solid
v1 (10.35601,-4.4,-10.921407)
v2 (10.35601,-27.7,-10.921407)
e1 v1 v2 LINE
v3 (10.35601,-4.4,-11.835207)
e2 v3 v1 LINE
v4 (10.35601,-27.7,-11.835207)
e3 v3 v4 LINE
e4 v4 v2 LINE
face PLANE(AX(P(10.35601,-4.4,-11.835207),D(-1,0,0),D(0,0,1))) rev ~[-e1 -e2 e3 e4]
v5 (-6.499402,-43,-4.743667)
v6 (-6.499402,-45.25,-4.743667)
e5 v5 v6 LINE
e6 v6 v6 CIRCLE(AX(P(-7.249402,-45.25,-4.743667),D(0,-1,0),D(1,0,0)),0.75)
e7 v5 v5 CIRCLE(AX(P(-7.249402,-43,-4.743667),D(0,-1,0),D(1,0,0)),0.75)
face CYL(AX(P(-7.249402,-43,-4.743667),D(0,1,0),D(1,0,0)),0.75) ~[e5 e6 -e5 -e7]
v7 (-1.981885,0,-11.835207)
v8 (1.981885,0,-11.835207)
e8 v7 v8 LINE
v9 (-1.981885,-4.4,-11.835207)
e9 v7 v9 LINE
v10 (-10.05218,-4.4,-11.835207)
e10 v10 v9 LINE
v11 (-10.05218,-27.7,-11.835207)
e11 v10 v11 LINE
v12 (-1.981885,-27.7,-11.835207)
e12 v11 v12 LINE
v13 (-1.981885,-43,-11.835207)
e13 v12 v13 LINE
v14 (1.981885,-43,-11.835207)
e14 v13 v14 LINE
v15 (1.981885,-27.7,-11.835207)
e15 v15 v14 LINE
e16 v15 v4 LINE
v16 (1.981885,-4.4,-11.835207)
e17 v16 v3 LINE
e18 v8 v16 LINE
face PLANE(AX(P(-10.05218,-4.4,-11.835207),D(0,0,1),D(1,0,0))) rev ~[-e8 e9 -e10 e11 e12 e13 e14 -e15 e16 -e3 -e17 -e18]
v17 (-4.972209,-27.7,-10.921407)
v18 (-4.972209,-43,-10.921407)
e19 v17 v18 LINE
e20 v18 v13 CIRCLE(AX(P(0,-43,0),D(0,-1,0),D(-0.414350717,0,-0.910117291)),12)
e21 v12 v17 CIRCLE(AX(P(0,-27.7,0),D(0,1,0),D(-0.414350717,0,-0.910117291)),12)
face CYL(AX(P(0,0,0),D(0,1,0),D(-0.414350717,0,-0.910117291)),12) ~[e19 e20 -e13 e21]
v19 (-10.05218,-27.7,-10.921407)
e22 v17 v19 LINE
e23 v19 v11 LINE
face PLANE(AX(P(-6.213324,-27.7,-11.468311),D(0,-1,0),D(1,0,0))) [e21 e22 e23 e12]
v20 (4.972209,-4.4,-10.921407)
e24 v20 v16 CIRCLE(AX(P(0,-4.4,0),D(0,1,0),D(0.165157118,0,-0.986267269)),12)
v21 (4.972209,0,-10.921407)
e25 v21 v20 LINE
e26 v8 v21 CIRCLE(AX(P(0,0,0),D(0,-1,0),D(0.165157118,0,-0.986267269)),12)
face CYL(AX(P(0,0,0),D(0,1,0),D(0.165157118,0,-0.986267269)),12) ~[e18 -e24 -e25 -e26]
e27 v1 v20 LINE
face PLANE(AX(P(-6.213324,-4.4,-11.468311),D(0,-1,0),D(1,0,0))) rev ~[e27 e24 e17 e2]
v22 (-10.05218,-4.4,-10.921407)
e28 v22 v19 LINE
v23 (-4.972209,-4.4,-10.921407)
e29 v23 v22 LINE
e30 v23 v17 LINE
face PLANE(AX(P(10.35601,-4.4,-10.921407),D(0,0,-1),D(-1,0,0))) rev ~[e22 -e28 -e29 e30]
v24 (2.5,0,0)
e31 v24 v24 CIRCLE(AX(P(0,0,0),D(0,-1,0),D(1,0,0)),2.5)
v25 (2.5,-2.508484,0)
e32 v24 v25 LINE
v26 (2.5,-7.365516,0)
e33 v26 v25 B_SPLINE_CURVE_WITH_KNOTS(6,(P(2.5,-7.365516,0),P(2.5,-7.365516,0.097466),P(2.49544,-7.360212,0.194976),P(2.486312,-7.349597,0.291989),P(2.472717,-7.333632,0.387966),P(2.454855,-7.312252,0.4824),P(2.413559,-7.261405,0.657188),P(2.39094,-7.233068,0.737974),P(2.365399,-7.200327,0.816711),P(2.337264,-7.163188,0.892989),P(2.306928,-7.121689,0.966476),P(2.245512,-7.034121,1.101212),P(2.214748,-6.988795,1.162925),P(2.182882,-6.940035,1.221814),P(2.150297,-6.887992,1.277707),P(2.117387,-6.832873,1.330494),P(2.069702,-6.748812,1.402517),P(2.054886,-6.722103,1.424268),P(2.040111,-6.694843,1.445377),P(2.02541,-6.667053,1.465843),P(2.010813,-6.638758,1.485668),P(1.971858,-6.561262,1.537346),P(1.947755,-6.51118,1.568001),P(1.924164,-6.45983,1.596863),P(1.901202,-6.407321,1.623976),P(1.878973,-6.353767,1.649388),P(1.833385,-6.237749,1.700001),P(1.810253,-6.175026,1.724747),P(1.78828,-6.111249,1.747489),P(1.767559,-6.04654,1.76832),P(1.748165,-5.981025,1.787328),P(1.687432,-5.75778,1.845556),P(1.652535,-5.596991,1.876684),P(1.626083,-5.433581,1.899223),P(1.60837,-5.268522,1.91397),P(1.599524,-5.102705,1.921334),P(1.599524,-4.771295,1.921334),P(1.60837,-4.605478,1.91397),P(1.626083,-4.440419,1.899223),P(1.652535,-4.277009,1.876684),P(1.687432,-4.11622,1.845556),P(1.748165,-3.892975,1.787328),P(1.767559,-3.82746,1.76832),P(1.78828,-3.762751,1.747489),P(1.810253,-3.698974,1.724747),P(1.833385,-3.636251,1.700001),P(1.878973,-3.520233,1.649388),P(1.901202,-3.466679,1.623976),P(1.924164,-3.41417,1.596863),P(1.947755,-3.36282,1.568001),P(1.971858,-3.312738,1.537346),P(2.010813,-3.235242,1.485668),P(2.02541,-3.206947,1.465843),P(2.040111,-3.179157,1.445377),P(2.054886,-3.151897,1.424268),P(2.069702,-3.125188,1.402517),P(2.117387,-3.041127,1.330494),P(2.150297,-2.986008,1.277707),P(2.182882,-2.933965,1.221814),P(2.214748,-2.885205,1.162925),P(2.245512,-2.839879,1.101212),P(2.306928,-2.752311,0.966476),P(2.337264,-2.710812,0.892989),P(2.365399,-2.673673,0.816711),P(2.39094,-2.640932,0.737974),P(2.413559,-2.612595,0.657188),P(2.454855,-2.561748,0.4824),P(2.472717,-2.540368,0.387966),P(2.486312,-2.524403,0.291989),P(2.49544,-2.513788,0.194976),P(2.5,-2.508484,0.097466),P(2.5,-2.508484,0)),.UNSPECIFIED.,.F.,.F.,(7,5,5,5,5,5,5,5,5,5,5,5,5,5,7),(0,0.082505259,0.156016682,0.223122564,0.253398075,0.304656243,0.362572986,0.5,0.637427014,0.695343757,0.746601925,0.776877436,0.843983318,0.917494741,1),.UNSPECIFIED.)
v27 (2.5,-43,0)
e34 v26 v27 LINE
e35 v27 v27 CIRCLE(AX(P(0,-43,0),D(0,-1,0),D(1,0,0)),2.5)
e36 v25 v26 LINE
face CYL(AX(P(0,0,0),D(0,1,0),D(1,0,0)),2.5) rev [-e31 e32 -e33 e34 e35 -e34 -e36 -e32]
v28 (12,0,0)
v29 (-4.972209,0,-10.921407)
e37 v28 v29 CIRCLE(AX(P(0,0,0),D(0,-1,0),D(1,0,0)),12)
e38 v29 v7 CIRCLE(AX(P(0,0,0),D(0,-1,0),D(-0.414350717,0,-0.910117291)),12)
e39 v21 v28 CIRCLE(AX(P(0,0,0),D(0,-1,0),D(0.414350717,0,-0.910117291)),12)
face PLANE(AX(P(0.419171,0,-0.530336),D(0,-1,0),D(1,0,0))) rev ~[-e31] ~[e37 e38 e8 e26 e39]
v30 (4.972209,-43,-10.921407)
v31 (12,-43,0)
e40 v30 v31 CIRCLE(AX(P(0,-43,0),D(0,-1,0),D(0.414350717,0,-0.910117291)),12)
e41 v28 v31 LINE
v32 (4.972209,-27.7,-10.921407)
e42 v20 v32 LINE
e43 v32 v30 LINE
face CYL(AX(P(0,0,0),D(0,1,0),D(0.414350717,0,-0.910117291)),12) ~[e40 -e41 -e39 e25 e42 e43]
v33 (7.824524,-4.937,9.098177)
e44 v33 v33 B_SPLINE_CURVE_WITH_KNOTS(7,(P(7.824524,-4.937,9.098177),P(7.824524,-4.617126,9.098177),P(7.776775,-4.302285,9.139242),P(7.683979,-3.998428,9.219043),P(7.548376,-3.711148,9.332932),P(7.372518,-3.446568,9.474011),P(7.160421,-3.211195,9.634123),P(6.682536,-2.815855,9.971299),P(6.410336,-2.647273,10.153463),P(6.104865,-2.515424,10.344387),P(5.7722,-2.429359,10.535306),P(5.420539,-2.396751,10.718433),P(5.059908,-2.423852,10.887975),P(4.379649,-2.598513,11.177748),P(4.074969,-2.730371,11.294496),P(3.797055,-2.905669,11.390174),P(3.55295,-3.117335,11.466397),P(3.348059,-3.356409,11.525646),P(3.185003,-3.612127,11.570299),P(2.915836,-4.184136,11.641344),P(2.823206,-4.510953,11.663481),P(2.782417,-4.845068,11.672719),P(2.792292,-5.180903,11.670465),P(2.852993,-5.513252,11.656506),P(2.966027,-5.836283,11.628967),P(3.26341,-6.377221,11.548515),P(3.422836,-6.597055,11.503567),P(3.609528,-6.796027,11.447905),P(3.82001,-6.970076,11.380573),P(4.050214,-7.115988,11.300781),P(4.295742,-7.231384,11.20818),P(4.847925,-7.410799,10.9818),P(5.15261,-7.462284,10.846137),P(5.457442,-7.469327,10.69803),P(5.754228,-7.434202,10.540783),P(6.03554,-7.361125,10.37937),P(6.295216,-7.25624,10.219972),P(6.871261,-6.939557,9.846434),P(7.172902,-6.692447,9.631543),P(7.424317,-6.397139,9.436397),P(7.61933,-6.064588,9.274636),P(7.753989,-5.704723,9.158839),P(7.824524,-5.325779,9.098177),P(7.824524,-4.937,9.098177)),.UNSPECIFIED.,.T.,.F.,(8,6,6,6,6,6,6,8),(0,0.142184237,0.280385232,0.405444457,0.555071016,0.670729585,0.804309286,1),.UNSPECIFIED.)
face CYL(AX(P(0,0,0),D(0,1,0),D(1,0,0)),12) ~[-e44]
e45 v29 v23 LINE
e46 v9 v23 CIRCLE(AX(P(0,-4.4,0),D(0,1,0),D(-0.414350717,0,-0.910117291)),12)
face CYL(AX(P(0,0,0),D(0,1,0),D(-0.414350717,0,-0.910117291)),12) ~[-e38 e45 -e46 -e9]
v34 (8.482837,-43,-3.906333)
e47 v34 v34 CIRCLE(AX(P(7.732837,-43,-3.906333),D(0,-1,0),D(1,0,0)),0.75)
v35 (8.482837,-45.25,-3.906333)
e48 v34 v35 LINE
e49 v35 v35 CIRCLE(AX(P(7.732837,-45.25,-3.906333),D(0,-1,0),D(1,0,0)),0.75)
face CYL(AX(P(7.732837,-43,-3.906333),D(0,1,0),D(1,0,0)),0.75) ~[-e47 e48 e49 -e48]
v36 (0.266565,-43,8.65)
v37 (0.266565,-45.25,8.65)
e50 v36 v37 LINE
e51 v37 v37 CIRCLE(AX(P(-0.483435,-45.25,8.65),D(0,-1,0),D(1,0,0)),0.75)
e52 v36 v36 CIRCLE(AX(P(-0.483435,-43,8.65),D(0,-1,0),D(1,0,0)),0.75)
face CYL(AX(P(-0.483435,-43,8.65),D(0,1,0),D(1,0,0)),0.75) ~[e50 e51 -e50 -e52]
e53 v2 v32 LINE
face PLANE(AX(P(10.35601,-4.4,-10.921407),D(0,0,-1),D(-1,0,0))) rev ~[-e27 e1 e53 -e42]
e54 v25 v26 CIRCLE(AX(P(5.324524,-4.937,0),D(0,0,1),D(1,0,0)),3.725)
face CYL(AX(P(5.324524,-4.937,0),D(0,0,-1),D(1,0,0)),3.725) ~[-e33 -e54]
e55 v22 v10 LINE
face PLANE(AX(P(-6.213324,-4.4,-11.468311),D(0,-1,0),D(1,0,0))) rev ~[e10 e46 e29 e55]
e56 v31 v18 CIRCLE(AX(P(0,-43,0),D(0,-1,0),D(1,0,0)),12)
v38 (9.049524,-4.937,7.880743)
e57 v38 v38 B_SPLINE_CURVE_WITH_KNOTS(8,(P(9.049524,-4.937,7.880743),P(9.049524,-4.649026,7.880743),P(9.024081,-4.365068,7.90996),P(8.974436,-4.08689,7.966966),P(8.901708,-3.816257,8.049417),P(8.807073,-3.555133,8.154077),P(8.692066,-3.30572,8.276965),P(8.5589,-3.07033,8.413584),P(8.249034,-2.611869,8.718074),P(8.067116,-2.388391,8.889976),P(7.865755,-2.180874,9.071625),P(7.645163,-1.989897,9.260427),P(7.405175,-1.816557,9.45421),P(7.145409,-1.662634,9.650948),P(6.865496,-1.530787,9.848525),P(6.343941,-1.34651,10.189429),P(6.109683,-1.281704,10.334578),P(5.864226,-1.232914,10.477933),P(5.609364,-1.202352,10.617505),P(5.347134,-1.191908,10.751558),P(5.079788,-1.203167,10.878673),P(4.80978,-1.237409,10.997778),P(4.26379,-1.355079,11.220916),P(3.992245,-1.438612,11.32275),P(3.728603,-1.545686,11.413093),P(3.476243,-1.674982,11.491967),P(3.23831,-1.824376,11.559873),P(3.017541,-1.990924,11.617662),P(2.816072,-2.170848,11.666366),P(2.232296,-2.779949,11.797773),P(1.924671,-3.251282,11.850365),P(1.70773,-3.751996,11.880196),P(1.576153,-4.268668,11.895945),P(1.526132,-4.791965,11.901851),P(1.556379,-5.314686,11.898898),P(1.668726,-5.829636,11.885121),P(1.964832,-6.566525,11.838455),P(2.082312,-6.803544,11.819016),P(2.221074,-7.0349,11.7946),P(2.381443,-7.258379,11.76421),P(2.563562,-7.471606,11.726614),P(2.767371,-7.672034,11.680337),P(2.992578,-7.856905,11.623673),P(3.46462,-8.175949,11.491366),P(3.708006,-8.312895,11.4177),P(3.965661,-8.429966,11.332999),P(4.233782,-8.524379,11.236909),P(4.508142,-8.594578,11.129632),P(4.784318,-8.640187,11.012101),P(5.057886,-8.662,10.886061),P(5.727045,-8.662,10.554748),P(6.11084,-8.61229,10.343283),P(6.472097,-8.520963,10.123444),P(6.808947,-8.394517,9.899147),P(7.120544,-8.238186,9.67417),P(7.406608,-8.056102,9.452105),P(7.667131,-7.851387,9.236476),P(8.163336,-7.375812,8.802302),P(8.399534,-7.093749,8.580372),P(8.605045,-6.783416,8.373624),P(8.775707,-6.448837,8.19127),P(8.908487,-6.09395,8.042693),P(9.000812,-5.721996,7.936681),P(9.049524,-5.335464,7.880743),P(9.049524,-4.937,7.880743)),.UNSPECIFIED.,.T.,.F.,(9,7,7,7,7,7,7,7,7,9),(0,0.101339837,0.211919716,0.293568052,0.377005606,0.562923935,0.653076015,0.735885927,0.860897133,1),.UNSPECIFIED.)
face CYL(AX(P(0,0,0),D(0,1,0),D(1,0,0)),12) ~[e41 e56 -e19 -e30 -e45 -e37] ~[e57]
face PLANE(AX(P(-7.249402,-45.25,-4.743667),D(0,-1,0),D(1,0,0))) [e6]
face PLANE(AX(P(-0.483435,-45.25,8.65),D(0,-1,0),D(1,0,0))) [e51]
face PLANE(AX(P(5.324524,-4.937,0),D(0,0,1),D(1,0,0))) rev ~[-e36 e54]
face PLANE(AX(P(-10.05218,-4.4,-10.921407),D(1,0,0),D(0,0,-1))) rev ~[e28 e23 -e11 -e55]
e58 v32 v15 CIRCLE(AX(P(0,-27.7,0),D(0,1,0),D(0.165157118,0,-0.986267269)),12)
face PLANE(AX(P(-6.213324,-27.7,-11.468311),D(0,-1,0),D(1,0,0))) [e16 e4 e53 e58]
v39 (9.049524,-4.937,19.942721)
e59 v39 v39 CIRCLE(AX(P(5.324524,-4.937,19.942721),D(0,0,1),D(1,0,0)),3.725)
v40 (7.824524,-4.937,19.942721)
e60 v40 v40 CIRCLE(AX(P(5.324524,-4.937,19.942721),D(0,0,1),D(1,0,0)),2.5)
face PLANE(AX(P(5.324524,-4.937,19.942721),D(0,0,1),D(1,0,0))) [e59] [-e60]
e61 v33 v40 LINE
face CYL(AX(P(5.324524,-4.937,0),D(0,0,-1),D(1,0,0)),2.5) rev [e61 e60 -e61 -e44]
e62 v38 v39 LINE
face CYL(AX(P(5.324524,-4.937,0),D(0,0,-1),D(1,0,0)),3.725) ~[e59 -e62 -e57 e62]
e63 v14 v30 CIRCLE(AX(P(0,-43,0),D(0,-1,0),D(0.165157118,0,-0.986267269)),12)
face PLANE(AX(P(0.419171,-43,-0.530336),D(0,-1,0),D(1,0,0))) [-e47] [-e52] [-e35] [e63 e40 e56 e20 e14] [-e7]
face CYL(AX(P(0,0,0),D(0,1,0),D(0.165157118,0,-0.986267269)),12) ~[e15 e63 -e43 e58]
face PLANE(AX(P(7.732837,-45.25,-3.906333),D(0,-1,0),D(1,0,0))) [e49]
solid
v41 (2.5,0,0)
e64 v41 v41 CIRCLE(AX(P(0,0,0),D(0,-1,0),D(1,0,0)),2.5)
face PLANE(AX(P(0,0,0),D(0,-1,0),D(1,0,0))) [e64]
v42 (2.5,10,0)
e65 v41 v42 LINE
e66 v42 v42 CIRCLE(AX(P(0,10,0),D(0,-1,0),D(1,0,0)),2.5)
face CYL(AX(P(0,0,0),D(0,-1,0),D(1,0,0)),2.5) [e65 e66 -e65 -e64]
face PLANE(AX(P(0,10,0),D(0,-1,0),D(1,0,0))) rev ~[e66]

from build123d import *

# Parameters (mm, degrees)
F1_R     = 2.5
F2_DEPTH = 43
F3_START = 4.4
F3_DEPTH = 23.3
F4_R     = 3.725
F4_R_2   = 2.5
F5_DEPTH = 19.942721352
F6_R     = 0.75
F7_DEPTH = 2.25
F8_DEPTH = 10


with BuildPart() as f2:
    # F1 (on Front) → F2 (new body)
    with BuildSketch(Plane.XZ):
        with BuildLine():
            ThreePointArc((4.9722086055, -10.921407491), (10.0912462874, -6.4935928705), (12, 0))
            ThreePointArc((12, 0), (-6.4935928705, 10.0912462874), (-4.9722086055, -10.921407491))
            Line((-4.9722086055, -10.921407491), (4.9722086055, -10.921407491))
        make_face()
        Circle(F1_R, mode=Mode.SUBTRACT)
        with BuildLine():
            Line((4.9722086055, -10.921407491), (-4.9722086055, -10.921407491))
            ThreePointArc((-4.9722086055, -10.921407491), (-3.5069378946, -11.4761224551), (-1.9818854132, -11.8352072313))
            Line((-1.9818854132, -11.8352072313), (1.9818854132, -11.8352072313))
            ThreePointArc((1.9818854132, -11.8352072313), (3.5069378946, -11.4761224551), (4.9722086055, -10.921407491))
        make_face()
    extrude(amount=F2_DEPTH)

    # F1 (on Front) → F3 (join)
    with BuildSketch(Plane.XZ.offset(F3_START)):
        with BuildLine():
            ThreePointArc((-1.9818854132, -11.8352072313), (-3.5069378946, -11.4761224551), (-4.9722086055, -10.921407491))
            Line((-4.9722086055, -10.921407491), (-10.0521799177, -10.921407491))
            Line((-10.0521799177, -10.921407491), (-10.0521799177, -11.8352072313))
            Line((-10.0521799177, -11.8352072313), (-1.9818854132, -11.8352072313))
        make_face()
        with BuildLine():
            Line((10.3560099378, -10.921407491), (4.9722086055, -10.921407491))
            ThreePointArc((4.9722086055, -10.921407491), (3.5069378946, -11.4761224551), (1.9818854132, -11.8352072313))
            Line((1.9818854132, -11.8352072313), (10.3560099378, -11.8352072313))
            Line((10.3560099378, -11.8352072313), (10.3560099378, -10.921407491))
        make_face()
        with BuildLine():
            Line((4.9722086055, -10.921407491), (-4.9722086055, -10.921407491))
            ThreePointArc((-4.9722086055, -10.921407491), (-3.5069378946, -11.4761224551), (-1.9818854132, -11.8352072313))
            Line((-1.9818854132, -11.8352072313), (1.9818854132, -11.8352072313))
            ThreePointArc((1.9818854132, -11.8352072313), (3.5069378946, -11.4761224551), (4.9722086055, -10.921407491))
        make_face()
    extrude(amount=F3_DEPTH)

    # F4 (on Top) → F5 (join, through all)
    with BuildSketch(Plane.XY):
        with Locations((5.3245240537, -4.937)):
            Circle(F4_R)
        with Locations((5.3245240537, -4.937)):
            Circle(F4_R_2, mode=Mode.SUBTRACT)
    extrude(amount=F5_DEPTH)

    # F6 (on face) → F7 (join)
    with BuildSketch(Plane.XZ.offset(43)):
        with Locations((-0.4834350257, 8.65)):
            Circle(F6_R)
        with Locations((-7.2494022299, -4.7436670133)):
            Circle(F6_R)
        with Locations((7.7328372556, -3.9063329867)):
            Circle(F6_R)
    extrude(amount=F7_DEPTH)


with BuildPart() as f8:
    # F1 (on Front) → F8 (new body)
    with BuildSketch(Plane.XZ):
        Circle(F1_R)
    extrude(amount=-F8_DEPTH)


solid = Compound([f2.part, f8.part])
